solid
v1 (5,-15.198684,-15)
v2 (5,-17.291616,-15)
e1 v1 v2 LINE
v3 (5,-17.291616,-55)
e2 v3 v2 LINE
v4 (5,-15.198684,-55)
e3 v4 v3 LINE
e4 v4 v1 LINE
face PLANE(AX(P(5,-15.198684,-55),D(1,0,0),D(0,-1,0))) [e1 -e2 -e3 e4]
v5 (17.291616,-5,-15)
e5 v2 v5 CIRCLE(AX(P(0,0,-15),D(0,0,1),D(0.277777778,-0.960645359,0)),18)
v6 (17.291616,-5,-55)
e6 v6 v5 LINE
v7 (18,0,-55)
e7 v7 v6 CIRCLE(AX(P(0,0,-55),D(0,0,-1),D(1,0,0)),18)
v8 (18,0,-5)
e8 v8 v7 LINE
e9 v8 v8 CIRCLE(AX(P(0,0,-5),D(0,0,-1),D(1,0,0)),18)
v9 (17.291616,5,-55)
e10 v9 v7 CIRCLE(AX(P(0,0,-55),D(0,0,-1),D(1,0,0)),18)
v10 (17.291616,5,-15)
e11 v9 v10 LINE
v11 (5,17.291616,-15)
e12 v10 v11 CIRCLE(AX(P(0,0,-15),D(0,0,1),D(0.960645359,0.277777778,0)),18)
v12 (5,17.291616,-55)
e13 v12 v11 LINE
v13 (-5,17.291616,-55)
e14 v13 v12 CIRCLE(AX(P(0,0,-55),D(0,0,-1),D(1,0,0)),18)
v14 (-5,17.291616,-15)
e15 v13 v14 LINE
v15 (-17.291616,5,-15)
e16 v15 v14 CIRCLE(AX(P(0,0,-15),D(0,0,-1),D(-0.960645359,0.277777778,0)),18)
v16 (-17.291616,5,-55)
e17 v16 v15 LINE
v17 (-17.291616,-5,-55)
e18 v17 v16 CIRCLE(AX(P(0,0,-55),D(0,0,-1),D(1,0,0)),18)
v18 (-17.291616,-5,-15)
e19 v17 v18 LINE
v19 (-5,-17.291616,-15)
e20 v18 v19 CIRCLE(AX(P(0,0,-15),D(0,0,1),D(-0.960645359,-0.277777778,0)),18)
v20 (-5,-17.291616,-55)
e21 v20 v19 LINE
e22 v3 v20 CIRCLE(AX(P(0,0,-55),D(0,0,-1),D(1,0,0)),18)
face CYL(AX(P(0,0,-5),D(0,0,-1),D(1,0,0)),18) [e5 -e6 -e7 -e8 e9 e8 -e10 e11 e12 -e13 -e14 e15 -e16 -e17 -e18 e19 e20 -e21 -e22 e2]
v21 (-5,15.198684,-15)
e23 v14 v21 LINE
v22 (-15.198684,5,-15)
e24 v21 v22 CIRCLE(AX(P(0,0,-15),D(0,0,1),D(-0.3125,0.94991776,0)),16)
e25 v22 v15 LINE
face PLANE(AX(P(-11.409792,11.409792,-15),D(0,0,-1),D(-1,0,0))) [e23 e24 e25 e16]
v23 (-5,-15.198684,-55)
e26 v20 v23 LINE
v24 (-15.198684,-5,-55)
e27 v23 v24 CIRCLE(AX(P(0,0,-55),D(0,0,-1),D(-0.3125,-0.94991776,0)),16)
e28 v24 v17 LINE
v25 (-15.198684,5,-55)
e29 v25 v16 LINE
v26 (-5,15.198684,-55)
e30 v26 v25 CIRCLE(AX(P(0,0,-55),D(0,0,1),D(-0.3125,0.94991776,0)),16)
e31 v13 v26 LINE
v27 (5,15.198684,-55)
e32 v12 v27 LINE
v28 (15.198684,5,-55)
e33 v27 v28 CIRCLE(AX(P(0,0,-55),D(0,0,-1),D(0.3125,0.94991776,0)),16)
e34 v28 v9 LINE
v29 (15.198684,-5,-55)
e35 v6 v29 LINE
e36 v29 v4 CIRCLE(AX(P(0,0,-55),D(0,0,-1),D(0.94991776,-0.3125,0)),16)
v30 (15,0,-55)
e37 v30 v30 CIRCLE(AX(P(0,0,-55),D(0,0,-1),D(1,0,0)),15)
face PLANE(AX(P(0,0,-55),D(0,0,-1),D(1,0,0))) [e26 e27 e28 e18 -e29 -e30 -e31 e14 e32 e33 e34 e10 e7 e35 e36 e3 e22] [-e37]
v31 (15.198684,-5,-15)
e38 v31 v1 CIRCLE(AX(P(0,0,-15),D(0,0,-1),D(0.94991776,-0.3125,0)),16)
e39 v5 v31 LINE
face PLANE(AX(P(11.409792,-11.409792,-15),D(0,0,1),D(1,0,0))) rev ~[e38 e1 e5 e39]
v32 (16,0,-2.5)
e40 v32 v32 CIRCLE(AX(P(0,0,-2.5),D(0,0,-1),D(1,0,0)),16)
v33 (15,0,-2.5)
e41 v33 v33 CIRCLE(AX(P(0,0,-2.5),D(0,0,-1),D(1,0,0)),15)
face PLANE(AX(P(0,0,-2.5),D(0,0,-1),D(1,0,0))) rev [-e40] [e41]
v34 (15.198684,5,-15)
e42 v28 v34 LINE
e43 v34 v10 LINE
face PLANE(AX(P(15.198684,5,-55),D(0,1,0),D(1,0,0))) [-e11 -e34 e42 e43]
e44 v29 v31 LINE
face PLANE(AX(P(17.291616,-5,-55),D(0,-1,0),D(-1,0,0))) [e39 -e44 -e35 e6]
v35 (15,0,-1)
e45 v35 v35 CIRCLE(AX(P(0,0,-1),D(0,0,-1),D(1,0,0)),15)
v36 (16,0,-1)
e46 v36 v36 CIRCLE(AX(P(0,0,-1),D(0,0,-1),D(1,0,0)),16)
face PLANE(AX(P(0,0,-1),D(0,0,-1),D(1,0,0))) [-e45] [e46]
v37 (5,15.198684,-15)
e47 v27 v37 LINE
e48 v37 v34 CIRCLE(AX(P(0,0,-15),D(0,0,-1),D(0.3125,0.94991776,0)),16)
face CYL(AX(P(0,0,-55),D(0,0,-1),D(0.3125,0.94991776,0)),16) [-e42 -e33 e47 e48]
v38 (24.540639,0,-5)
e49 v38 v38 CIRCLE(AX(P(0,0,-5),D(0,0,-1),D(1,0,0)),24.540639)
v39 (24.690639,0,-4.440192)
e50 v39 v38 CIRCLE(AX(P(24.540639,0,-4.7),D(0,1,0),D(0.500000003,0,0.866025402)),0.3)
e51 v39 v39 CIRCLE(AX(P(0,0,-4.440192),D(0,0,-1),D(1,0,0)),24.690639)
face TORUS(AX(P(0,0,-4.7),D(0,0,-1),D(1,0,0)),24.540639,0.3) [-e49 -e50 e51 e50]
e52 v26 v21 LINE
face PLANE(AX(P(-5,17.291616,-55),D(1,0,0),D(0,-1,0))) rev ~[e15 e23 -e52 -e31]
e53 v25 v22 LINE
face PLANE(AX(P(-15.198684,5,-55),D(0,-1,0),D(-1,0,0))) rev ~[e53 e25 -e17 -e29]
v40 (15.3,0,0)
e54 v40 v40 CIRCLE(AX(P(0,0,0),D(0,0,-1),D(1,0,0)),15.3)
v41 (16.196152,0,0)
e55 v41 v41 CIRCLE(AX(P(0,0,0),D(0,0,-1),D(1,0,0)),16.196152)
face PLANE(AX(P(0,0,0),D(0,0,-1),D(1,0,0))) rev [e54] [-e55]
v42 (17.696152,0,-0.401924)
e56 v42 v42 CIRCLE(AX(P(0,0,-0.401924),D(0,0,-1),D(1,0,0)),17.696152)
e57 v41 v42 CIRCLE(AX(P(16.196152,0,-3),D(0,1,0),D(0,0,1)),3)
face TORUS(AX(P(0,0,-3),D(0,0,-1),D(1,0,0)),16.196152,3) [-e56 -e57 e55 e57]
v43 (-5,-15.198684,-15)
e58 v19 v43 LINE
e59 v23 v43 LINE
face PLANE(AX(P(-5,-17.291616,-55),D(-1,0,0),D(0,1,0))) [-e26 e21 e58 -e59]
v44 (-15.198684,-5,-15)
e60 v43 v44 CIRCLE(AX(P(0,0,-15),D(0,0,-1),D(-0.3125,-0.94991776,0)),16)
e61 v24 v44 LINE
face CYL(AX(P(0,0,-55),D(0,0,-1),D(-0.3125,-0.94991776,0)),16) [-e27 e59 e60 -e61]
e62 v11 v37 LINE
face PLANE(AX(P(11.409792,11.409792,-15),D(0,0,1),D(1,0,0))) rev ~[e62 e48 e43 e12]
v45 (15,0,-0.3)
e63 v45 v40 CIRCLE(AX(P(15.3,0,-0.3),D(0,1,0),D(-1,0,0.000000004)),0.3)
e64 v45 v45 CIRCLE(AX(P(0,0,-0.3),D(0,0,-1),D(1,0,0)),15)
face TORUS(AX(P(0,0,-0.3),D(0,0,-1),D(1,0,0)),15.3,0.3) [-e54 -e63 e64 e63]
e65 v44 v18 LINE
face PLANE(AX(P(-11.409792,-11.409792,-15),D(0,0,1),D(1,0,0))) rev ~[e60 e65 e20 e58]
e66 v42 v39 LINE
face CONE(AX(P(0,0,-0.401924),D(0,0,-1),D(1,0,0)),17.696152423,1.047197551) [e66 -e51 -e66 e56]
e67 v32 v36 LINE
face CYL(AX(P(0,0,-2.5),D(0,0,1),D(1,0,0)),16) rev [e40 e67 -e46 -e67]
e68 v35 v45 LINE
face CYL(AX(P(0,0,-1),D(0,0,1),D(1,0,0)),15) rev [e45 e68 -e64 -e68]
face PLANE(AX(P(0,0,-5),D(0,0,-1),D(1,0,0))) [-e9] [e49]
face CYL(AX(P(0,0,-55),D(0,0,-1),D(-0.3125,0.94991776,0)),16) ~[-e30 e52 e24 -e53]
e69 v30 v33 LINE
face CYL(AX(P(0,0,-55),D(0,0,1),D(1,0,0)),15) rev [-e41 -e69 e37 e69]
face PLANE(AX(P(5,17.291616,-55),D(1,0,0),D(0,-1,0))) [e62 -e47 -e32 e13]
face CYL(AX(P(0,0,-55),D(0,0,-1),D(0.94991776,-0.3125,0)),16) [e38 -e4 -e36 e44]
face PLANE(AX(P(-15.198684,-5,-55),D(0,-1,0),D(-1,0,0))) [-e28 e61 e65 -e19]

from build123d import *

# Parameters (mm, degrees)
CUT_EXTRUDE_1_DEPTH = 40


with BuildPart() as part:
    # 草图1 → 旋转1 (revolve)
    with BuildSketch(Plane(origin=(0, 0, 0), x_dir=(0, 0, -1), z_dir=(1, 0, 0)), mode=Mode.PRIVATE) as revolve_1_sk:
        with BuildLine():
            Line((0, 15.3), (0, 16.196152423))
            ThreePointArc((0, 16.196152423), (0.102222521, 16.972609558), (0.401923789, 17.696152423))
            Line((0.401923789, 17.696152423), (4.440192379, 24.690638796))
            ThreePointArc((4.440192379, 24.690638796), (4.777645714, 24.830416543), (5, 24.540638796))
            Line((5, 24.540638796), (5, 18))
            Line((5, 18), (55, 18))
            Line((55, 18), (55, 15))
            Line((55, 15), (2.5, 15))
            Line((2.5, 15), (2.5, 16))
            Line((2.5, 16), (1, 16))
            Line((1, 16), (1, 15))
            Line((1, 15), (0.3, 15))
            ThreePointArc((0.3, 15), (0.087867966, 15.087867966), (0, 15.3))
        make_face()
    revolve(revolve_1_sk.sketch.rotate(Axis((0, 0, 31.844262295), (0, 0, -1)), 90), axis=Axis((0, 0, 31.844262295), (0, 0, -1)))

    # 草图2 → 切除-拉伸1 (cut)
    with BuildSketch(Plane(origin=(0, 0, -55), x_dir=(-1, 0, 0), z_dir=(0, 0, -1))):
        with BuildLine():
            Line((-5, 17.291616466), (-5, 15.198684154))
            ThreePointArc((-5, 15.198684154), (-11.313708499, 11.313708499), (-15.198684154, 5))
            Line((-15.198684154, 5), (-17.291616466, 5))
            ThreePointArc((-17.291616466, 5), (-12.727922061, 12.727922061), (-5, 17.291616466))
        make_face()
        with BuildLine():
            Line((5, 17.291616466), (5, 15.198684154))
            ThreePointArc((5, 15.198684154), (11.313708499, 11.313708499), (15.198684154, 5))
            Line((15.198684154, 5), (17.291616466, 5))
            ThreePointArc((17.291616466, 5), (12.727922061, 12.727922061), (5, 17.291616466))
        make_face()
        with BuildLine():
            Line((-17.291616466, -5), (-15.198684154, -5))
            ThreePointArc((-15.198684154, -5), (-11.313708499, -11.313708499), (-5, -15.198684154))
            Line((-5, -15.198684154), (-5, -17.291616466))
            ThreePointArc((-5, -17.291616466), (-12.727922061, -12.727922061), (-17.291616466, -5))
        make_face()
        with BuildLine():
            Line((15.198684154, -5), (17.291616466, -5))
            ThreePointArc((17.291616466, -5), (12.727922061, -12.727922061), (5, -17.291616466))
            Line((5, -17.291616466), (5, -15.198684154))
            ThreePointArc((5, -15.198684154), (11.313708499, -11.313708499), (15.198684154, -5))
        make_face()
    extrude(amount=-CUT_EXTRUDE_1_DEPTH, mode=Mode.SUBTRACT)


solid = part.part
